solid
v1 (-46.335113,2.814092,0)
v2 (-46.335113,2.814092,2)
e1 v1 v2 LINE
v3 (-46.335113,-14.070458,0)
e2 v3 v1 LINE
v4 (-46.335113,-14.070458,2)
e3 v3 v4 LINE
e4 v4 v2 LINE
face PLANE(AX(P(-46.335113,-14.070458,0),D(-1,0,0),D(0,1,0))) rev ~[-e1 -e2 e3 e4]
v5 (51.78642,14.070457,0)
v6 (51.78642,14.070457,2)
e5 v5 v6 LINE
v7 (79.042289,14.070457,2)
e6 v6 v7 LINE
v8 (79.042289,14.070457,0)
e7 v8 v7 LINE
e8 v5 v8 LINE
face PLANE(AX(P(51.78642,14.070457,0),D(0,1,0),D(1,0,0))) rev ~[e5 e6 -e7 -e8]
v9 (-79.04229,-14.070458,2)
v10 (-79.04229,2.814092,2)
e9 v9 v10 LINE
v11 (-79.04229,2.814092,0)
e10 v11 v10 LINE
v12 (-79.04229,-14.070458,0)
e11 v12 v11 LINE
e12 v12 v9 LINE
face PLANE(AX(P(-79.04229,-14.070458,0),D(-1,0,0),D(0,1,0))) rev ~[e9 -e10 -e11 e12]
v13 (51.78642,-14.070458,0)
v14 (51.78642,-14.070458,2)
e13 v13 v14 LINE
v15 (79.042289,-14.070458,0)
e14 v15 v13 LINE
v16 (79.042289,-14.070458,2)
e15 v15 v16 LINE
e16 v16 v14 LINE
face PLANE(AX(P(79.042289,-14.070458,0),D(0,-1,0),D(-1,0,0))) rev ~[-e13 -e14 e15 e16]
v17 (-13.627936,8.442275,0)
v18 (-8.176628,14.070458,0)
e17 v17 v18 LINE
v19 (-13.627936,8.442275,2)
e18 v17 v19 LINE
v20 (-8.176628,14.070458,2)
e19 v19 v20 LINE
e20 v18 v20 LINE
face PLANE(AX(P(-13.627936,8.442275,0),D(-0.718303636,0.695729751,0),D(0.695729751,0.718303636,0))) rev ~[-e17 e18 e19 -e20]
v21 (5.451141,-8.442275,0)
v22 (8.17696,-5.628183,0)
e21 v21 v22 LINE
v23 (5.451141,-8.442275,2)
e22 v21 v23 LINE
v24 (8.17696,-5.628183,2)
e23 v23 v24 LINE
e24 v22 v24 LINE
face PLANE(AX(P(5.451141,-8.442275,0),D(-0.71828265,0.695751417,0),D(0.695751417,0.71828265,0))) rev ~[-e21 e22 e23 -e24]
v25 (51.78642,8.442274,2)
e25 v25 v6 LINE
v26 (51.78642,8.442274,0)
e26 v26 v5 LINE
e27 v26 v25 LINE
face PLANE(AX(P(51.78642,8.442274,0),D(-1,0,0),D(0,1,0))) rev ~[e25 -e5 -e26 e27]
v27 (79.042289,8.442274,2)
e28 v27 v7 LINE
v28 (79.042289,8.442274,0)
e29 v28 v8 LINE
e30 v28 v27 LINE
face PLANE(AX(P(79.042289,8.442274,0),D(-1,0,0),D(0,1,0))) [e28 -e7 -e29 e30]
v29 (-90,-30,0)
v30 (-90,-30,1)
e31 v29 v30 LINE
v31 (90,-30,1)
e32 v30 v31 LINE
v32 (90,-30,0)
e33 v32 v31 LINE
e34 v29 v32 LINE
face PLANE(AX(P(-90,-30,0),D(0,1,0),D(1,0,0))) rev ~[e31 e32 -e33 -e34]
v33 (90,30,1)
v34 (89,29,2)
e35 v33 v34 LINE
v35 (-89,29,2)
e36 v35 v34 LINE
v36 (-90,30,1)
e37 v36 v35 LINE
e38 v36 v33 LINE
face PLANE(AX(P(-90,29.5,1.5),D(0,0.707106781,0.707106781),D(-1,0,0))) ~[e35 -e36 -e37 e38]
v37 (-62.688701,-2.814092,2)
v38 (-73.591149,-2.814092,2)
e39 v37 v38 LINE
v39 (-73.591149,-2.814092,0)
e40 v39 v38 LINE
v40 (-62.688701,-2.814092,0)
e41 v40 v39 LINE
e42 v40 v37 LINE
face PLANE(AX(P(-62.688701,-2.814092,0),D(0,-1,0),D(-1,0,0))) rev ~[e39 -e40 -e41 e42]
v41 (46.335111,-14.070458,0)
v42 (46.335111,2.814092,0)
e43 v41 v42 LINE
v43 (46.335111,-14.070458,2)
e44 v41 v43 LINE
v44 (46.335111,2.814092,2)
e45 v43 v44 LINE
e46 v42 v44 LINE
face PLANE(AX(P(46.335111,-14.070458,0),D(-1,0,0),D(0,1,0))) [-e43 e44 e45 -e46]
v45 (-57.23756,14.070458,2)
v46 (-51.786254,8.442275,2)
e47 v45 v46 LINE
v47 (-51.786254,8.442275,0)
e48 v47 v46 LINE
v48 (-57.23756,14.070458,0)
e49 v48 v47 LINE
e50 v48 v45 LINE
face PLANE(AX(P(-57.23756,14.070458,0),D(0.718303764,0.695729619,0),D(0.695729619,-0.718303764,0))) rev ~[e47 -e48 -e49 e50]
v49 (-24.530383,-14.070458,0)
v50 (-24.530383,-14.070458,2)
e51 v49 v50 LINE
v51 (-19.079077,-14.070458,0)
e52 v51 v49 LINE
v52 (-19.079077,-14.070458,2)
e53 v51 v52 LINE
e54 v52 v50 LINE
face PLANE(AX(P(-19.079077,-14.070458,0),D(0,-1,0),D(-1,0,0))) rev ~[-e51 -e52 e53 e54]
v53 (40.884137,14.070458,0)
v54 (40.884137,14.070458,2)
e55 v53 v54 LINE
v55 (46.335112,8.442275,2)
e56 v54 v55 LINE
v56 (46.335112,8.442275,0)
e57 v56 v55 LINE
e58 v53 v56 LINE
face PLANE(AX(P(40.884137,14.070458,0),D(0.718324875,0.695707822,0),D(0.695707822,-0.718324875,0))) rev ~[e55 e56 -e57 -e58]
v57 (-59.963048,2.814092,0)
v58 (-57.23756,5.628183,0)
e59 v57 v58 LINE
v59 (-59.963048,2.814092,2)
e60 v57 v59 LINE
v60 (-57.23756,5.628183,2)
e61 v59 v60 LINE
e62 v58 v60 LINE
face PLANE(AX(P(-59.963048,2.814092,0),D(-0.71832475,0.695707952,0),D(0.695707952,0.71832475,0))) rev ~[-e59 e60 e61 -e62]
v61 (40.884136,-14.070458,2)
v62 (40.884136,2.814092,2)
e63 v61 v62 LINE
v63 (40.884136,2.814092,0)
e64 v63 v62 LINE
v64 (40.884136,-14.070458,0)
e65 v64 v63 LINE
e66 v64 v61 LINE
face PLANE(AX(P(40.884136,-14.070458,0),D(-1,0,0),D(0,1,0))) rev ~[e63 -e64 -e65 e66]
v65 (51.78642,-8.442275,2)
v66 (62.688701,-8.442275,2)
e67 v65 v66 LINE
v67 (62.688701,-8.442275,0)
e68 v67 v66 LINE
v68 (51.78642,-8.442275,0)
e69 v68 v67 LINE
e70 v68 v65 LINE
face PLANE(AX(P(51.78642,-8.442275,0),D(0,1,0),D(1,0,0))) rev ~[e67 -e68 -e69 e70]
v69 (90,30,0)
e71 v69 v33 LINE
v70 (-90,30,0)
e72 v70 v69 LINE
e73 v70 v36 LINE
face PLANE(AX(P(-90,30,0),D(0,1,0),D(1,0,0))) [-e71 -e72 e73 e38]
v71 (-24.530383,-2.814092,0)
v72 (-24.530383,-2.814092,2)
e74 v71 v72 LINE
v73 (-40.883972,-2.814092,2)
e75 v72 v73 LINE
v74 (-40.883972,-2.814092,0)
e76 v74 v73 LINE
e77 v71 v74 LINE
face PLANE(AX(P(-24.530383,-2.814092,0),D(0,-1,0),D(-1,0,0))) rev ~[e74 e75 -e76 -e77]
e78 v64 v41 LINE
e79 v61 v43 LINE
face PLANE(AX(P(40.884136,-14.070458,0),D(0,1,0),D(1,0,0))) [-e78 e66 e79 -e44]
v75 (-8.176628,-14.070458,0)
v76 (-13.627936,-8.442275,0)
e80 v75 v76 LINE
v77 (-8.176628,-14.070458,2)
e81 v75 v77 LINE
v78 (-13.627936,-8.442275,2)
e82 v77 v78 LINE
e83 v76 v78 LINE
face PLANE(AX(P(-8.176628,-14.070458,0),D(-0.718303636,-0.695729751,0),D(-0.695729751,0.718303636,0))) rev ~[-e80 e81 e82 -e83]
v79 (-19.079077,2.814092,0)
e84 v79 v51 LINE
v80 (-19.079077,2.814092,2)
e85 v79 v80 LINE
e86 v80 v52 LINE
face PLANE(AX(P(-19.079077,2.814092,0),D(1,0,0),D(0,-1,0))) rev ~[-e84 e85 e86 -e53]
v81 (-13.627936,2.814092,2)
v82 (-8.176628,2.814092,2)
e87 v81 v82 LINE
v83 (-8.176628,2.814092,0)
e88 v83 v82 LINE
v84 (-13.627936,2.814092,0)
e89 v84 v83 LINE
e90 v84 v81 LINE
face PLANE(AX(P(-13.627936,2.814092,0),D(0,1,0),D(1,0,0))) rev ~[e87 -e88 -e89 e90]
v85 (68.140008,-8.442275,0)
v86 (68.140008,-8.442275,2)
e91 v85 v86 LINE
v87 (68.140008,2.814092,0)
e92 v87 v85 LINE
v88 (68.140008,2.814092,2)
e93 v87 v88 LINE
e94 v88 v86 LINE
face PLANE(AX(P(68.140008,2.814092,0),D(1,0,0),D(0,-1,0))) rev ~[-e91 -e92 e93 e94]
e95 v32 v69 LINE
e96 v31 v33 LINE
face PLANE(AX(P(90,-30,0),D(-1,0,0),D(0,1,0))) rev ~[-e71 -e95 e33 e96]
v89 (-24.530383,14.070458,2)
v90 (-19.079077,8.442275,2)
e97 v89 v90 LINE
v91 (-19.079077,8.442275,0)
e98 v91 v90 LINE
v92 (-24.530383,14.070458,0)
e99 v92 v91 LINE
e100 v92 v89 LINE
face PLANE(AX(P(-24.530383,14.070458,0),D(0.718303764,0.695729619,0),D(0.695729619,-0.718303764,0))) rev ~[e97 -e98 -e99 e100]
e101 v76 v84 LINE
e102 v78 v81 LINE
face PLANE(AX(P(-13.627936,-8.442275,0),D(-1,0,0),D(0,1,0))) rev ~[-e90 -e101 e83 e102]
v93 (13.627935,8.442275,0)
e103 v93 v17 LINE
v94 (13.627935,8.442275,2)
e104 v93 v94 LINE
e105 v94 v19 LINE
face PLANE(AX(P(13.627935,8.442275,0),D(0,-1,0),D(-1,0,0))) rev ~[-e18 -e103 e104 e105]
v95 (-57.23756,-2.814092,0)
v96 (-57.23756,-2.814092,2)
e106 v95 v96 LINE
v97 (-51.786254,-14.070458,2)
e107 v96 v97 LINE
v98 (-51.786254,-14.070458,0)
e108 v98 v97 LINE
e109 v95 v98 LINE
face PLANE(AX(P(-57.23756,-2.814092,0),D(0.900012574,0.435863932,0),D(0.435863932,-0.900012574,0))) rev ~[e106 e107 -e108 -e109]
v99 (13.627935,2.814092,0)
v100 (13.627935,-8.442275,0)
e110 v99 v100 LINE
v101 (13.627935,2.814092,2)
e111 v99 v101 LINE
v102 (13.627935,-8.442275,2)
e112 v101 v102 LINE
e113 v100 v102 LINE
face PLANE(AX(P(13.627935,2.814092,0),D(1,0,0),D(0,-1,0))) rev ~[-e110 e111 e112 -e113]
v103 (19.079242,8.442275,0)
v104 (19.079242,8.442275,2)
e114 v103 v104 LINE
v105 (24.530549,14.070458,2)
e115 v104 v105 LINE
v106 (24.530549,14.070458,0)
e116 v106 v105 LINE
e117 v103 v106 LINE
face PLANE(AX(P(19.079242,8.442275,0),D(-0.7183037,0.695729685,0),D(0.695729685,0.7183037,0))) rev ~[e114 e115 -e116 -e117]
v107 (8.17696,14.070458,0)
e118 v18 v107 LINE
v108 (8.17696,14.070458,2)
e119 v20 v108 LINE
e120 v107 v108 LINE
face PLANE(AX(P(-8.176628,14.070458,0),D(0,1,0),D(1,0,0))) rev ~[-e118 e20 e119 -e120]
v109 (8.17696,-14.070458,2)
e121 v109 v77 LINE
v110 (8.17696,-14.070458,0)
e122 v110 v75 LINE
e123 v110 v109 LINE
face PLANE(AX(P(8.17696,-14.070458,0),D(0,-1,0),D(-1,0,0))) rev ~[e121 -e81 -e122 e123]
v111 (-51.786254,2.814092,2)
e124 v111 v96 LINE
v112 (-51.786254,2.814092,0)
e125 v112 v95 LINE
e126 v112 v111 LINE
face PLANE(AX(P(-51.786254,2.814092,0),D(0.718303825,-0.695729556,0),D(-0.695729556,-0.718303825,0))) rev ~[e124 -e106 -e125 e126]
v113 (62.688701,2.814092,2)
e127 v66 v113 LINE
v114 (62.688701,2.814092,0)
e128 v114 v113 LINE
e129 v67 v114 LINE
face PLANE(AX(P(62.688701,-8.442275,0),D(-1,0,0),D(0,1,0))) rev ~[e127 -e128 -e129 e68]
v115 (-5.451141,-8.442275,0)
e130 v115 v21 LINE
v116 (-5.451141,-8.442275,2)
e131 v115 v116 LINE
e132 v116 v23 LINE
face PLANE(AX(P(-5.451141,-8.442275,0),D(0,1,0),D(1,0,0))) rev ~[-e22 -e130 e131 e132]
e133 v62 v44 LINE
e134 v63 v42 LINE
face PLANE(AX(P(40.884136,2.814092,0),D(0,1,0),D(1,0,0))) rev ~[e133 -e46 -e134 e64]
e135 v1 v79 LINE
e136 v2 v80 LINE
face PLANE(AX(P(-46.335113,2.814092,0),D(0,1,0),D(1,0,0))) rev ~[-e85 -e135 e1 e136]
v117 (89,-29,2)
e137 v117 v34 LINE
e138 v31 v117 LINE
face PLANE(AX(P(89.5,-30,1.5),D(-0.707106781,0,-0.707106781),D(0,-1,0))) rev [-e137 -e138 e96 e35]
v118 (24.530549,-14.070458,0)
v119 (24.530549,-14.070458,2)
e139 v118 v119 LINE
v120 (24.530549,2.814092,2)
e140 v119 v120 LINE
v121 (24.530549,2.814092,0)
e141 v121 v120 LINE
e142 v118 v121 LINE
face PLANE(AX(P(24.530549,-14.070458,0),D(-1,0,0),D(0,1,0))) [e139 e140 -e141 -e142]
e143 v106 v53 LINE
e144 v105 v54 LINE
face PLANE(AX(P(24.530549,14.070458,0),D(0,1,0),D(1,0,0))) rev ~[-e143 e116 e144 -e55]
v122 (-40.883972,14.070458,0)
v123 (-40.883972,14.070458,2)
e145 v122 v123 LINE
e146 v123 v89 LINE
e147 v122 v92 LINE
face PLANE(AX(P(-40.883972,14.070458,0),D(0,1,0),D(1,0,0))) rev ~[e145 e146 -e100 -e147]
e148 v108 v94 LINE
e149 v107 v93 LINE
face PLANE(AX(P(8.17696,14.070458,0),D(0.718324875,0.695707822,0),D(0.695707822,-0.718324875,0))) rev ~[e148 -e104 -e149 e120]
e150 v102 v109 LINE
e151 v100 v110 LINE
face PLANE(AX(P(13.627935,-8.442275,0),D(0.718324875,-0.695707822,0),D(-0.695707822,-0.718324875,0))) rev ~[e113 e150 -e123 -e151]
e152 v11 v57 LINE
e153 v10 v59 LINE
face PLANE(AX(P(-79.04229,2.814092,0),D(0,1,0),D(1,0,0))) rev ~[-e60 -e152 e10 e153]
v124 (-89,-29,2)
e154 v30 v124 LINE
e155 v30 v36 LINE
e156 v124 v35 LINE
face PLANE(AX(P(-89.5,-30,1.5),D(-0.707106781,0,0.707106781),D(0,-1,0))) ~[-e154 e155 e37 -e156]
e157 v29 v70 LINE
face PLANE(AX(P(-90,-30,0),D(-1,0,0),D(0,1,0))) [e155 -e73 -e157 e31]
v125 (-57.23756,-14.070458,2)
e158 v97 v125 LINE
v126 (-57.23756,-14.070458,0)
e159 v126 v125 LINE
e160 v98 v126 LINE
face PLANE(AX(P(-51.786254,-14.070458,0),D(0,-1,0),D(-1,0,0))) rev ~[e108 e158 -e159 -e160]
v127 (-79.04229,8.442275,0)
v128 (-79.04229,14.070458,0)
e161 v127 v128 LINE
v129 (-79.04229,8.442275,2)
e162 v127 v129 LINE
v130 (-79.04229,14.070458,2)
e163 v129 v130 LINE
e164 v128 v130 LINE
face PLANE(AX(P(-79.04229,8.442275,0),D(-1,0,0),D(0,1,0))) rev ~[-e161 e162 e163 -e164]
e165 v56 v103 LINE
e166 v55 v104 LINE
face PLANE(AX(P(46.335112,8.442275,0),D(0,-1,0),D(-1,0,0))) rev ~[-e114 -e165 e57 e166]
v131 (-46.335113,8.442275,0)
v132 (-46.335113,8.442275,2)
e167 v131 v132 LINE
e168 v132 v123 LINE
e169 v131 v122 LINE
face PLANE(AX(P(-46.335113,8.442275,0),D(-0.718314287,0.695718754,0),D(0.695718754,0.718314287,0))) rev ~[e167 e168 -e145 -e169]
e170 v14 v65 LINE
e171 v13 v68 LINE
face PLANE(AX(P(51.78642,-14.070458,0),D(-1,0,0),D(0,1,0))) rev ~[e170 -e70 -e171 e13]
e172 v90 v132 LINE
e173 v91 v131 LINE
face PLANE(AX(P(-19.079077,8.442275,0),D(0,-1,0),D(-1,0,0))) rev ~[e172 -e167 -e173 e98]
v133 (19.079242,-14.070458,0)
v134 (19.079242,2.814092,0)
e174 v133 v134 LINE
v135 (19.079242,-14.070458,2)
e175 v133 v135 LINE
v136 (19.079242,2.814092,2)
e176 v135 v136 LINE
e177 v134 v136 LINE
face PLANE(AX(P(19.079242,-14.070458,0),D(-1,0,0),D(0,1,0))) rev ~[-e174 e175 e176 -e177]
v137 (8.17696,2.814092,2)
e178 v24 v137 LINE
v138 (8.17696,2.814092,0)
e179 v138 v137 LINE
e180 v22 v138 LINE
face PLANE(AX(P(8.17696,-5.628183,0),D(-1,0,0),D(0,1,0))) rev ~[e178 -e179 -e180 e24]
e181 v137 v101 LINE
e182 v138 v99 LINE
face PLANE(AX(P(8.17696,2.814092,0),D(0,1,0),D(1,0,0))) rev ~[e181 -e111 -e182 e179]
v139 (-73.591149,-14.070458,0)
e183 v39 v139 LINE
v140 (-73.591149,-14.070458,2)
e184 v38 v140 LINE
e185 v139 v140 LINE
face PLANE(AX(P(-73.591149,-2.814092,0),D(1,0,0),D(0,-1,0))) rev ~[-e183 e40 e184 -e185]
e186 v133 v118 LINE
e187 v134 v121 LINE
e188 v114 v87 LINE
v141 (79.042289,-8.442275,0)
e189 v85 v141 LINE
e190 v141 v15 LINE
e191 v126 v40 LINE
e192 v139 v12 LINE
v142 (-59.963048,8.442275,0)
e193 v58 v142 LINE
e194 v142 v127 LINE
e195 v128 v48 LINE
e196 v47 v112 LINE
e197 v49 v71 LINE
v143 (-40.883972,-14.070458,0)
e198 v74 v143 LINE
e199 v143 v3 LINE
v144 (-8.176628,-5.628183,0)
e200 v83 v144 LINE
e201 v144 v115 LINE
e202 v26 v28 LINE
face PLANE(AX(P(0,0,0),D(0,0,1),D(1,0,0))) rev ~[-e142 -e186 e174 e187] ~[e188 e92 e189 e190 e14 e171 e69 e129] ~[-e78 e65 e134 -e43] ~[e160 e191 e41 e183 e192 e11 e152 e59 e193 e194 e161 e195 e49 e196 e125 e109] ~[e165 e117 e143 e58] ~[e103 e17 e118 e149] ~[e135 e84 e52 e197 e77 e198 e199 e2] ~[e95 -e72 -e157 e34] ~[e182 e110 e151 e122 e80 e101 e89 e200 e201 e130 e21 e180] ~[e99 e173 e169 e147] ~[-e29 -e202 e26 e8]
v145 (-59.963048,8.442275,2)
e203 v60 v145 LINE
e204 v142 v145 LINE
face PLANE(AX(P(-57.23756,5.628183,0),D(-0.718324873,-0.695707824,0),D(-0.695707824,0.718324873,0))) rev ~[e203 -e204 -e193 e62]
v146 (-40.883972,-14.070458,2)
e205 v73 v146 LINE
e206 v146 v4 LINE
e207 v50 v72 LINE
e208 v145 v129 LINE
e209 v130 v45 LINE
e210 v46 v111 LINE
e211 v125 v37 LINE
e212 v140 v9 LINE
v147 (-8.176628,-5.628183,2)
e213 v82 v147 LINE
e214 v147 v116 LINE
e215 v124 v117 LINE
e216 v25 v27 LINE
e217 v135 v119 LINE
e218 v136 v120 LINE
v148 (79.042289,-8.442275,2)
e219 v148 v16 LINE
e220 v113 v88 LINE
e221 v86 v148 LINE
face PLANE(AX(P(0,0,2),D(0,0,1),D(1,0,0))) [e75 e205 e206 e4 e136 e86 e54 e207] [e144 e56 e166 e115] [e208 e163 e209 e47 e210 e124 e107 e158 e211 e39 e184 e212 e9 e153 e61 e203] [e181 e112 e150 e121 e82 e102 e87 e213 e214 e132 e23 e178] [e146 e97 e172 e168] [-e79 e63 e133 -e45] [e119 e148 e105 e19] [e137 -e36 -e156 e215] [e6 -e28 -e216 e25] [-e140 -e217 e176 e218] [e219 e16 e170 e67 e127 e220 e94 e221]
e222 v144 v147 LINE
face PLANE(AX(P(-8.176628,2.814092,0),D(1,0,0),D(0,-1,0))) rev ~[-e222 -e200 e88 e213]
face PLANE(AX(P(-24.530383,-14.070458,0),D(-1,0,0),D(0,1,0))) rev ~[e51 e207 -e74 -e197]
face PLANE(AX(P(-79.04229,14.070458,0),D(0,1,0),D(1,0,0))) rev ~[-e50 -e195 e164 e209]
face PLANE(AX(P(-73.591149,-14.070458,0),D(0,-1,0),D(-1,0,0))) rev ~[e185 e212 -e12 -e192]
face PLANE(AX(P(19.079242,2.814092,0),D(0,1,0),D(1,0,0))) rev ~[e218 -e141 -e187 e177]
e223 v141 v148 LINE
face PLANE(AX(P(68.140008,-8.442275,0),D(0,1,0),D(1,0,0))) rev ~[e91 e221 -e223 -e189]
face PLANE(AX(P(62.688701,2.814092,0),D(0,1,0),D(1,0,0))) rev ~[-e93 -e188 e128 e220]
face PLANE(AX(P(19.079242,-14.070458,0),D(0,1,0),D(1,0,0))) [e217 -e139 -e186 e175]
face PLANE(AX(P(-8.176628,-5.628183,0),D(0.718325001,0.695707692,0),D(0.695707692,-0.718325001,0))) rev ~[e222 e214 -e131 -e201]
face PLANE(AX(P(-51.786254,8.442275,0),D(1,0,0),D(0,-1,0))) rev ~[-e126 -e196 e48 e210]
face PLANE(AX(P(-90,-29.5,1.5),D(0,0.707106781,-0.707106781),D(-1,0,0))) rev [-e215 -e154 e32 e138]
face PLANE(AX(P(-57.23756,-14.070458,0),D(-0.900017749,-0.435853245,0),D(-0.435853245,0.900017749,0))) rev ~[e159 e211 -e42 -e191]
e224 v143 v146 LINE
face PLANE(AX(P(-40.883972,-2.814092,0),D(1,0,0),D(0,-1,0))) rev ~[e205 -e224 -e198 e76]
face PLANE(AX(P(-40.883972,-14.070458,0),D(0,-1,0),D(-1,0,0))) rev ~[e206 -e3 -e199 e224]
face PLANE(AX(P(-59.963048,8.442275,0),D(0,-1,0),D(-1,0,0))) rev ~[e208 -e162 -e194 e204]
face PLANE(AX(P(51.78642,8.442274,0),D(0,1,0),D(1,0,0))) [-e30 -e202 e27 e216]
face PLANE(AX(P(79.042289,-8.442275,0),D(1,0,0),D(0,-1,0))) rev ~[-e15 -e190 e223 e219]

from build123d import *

# Parameters (mm, degrees)
F1_W     = 180
F1_H     = 60
F1_W_2   = 5.451307
F1_H_2   = 16.88455
F1_W_3   = 5.450975
F1_W_4   = 27.255869
F1_H_3   = 5.628183
F2_DEPTH = 2
F3_SIZE  = 1


with BuildPart() as f2:
    # F1 (on Top) → F2 (new body)
    with BuildSketch(Plane.XY):
        Rectangle(F1_W, F1_H)
        Polygon((-40.883972, -14.070458), (-46.335113, -14.070458), (-46.335113, 2.814092), (-19.079077, 2.814092), (-19.079077, -14.070458), (-24.530383, -14.070458), (-24.530383, -2.814092), (-40.883972, -2.814092), align=None, mode=Mode.SUBTRACT)
        Polygon((5.451141, -8.442275), (8.17696, -5.628183), (8.17696, 2.814092), (13.627935, 2.814092), (13.627935, -8.442275), (8.17696, -14.070458), (-8.176628, -14.070458), (-13.627936, -8.442275), (-13.627936, 2.814092), (-8.176628, 2.814092), (-8.176628, -5.628183), (-5.451141, -8.442275), align=None, mode=Mode.SUBTRACT)
        with Locations((21.804896, -5.628183)):
            Rectangle(F1_W_2, F1_H_2, mode=Mode.SUBTRACT)
        with Locations((43.609624, -5.628183)):
            Rectangle(F1_W_3, F1_H_2, mode=Mode.SUBTRACT)
        Polygon((62.688701, 2.814092), (68.140008, 2.814092), (68.140008, -8.442275), (79.042289, -8.442275), (79.042289, -14.070458), (51.78642, -14.070458), (51.78642, -8.442275), (62.688701, -8.442275), align=None, mode=Mode.SUBTRACT)
        Polygon((-79.04229, 8.442275), (-79.04229, 14.070458), (-57.23756, 14.070458), (-51.786254, 8.442275), (-51.786254, 2.814092), (-57.23756, -2.814092), (-51.786254, -14.070458), (-57.23756, -14.070458), (-62.688701, -2.814092), (-73.591149, -2.814092), (-73.591149, -14.070458), (-79.04229, -14.070458), (-79.04229, 2.814092), (-59.963048, 2.814092), (-57.23756, 5.628183), (-59.963048, 8.442275), align=None, mode=Mode.SUBTRACT)
        Polygon((-46.335113, 8.442275), (-40.883972, 14.070458), (-24.530383, 14.070458), (-19.079077, 8.442275), align=None, mode=Mode.SUBTRACT)
        Polygon((-13.627936, 8.442275), (-8.176628, 14.070458), (8.17696, 14.070458), (13.627935, 8.442275), align=None, mode=Mode.SUBTRACT)
        Polygon((19.079242, 8.442275), (24.530549, 14.070458), (40.884137, 14.070458), (46.335112, 8.442275), align=None, mode=Mode.SUBTRACT)
        with Locations((65.414355, 11.256366)):
            Rectangle(F1_W_4, F1_H_3, mode=Mode.SUBTRACT)
    extrude(amount=F2_DEPTH)

    # F3
    f3_edges = [f2.edges().sort_by_distance(p)[0] for p in [
        (0, 30, 2),
        (0, -30, 2),
        (90, 0, 2),
        (-90, 0, 2),
    ]]
    chamfer(f3_edges, length=F3_SIZE)


solid = f2.part
